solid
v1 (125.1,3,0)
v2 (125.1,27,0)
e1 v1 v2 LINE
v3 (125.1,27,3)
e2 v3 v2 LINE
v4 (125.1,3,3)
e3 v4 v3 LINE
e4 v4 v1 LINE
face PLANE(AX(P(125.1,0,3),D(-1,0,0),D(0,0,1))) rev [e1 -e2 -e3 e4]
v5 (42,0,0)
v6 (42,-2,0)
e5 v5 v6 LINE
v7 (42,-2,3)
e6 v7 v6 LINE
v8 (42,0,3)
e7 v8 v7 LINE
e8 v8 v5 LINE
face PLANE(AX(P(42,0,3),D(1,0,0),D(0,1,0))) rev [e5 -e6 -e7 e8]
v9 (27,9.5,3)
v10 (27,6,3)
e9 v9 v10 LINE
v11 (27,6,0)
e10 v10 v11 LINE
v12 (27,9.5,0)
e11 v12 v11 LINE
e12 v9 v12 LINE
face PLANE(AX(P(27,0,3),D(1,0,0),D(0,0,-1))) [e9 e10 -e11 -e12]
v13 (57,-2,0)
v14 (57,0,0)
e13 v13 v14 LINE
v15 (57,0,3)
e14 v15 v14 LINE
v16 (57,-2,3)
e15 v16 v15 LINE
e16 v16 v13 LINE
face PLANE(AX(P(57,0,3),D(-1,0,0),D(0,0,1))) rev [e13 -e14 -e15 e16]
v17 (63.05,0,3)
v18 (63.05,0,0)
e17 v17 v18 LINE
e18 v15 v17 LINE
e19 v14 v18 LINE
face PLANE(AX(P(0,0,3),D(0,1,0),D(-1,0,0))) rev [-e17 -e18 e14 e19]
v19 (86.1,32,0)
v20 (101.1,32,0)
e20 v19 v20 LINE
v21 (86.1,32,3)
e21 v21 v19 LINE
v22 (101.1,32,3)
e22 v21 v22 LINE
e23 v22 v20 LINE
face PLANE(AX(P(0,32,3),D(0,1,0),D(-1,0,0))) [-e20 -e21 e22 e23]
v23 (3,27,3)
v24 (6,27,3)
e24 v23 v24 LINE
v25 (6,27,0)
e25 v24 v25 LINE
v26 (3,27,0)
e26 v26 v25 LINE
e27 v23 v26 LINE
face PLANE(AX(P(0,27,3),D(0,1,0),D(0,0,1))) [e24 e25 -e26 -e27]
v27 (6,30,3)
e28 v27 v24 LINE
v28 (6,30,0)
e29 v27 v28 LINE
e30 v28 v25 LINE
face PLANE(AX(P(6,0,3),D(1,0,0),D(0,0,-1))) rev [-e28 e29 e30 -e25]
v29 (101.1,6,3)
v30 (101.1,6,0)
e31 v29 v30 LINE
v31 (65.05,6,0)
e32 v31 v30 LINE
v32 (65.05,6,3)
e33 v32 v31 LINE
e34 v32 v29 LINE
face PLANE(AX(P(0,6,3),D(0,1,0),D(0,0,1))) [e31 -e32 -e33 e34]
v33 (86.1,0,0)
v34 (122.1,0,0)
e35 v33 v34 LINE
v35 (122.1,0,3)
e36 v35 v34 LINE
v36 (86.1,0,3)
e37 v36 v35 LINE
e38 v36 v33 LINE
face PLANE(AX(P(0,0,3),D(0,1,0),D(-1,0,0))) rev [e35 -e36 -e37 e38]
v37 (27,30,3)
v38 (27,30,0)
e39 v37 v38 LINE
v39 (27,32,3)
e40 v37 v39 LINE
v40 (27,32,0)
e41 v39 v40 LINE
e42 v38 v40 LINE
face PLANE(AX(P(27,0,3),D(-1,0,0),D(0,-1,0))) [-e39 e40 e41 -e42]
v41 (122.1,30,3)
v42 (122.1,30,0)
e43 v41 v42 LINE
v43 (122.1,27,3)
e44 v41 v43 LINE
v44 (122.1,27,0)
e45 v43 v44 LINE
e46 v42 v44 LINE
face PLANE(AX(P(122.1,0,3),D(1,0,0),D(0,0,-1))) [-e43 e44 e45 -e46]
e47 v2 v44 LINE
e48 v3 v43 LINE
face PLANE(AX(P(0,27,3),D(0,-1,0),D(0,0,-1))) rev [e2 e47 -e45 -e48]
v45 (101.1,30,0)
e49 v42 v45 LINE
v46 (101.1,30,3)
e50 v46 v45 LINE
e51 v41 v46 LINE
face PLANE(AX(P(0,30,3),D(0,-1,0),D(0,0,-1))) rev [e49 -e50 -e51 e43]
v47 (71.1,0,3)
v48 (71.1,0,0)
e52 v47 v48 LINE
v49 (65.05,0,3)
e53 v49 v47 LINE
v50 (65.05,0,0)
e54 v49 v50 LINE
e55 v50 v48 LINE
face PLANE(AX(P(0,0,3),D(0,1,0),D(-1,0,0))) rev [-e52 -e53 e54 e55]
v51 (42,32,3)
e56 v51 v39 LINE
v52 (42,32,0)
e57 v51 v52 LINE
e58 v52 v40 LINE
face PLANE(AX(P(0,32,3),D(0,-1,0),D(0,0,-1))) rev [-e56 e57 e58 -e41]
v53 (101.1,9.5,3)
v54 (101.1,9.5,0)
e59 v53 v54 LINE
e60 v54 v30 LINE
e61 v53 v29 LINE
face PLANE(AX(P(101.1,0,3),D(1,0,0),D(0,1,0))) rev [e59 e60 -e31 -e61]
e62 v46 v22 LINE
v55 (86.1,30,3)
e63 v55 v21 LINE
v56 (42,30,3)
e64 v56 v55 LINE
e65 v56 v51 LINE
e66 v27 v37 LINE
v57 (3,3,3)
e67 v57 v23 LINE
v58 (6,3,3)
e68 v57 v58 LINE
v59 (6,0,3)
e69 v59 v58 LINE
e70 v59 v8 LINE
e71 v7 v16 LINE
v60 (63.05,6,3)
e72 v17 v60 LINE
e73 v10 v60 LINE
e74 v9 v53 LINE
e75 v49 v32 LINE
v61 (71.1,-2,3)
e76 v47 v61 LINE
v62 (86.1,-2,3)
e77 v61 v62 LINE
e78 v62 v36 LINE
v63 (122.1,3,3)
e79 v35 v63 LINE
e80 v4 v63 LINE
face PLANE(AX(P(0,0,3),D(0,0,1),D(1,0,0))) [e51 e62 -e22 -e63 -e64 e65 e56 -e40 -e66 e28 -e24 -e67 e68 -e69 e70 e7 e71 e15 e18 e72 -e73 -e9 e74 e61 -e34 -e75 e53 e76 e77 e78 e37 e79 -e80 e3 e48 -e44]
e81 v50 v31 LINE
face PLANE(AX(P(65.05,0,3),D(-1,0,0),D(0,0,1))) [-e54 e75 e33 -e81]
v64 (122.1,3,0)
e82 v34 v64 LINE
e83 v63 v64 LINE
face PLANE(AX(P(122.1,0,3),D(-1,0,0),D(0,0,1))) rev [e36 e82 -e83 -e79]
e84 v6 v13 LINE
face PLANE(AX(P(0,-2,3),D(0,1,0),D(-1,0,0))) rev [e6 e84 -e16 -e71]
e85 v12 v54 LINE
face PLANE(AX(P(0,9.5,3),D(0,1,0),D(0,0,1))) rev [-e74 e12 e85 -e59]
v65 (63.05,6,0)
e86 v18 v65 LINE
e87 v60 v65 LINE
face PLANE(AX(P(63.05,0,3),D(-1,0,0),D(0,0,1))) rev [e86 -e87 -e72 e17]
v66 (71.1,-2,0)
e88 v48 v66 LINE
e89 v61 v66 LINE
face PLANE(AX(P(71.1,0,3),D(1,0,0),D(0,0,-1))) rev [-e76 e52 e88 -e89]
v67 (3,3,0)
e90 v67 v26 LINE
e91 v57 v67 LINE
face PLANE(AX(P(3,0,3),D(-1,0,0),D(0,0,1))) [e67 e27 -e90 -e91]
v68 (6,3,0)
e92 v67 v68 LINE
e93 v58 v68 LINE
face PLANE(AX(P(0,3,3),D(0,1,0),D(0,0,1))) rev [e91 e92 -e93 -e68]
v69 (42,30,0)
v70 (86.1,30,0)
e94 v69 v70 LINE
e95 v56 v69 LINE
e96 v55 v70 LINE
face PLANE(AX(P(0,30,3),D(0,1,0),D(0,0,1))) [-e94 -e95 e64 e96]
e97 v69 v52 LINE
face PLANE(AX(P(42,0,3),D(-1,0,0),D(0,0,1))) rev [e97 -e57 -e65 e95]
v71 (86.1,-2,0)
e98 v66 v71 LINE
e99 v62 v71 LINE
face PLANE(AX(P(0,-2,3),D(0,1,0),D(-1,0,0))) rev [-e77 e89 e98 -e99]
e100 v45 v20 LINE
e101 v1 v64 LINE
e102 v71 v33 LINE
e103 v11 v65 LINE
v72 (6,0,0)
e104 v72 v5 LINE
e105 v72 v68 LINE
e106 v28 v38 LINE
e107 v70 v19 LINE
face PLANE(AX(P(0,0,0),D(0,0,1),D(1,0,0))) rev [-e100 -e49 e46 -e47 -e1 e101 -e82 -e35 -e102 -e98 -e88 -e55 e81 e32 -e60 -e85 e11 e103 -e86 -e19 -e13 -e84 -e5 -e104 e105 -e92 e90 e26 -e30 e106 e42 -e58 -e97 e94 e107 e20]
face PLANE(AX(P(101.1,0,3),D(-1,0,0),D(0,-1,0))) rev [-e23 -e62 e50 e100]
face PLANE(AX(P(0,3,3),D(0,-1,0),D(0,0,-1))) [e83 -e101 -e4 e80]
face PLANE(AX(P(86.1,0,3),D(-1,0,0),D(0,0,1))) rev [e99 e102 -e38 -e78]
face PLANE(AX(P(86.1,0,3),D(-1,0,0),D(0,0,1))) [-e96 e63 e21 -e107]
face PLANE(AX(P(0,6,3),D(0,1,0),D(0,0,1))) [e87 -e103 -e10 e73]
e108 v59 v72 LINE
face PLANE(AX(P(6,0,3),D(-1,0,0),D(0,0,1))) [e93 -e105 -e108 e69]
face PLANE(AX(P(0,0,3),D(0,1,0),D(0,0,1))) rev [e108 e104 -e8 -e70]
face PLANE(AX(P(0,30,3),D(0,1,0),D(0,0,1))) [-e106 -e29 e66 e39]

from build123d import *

# Parameters (mm, degrees)
BOSS_EXTRUDE3_DEPTH = 3


with BuildPart() as part:
    # Sketch1 → Boss-Extrude3 (new body)
    with BuildSketch(Plane.XY):
        Polygon((6, 3), (6, 0), (42, 0), (42, -2), (57, -2), (57, 0), (63.05, 0), (63.05, 6), (27, 6), (27, 9.5), (101.1, 9.5), (101.1, 6), (65.05, 6), (65.05, 0), (71.1, 0), (71.1, -2), (86.1, -2), (86.1, 0), (122.1, 0), (122.1, 3), (125.1, 3), (125.1, 27), (122.1, 27), (122.1, 30), (101.1, 30), (101.1, 32), (86.1, 32), (86.1, 30), (42, 30), (42, 32), (27, 32), (27, 30), (6, 30), (6, 27), (3, 27), (3, 3), align=None)
    extrude(amount=BOSS_EXTRUDE3_DEPTH)


solid = part.part
